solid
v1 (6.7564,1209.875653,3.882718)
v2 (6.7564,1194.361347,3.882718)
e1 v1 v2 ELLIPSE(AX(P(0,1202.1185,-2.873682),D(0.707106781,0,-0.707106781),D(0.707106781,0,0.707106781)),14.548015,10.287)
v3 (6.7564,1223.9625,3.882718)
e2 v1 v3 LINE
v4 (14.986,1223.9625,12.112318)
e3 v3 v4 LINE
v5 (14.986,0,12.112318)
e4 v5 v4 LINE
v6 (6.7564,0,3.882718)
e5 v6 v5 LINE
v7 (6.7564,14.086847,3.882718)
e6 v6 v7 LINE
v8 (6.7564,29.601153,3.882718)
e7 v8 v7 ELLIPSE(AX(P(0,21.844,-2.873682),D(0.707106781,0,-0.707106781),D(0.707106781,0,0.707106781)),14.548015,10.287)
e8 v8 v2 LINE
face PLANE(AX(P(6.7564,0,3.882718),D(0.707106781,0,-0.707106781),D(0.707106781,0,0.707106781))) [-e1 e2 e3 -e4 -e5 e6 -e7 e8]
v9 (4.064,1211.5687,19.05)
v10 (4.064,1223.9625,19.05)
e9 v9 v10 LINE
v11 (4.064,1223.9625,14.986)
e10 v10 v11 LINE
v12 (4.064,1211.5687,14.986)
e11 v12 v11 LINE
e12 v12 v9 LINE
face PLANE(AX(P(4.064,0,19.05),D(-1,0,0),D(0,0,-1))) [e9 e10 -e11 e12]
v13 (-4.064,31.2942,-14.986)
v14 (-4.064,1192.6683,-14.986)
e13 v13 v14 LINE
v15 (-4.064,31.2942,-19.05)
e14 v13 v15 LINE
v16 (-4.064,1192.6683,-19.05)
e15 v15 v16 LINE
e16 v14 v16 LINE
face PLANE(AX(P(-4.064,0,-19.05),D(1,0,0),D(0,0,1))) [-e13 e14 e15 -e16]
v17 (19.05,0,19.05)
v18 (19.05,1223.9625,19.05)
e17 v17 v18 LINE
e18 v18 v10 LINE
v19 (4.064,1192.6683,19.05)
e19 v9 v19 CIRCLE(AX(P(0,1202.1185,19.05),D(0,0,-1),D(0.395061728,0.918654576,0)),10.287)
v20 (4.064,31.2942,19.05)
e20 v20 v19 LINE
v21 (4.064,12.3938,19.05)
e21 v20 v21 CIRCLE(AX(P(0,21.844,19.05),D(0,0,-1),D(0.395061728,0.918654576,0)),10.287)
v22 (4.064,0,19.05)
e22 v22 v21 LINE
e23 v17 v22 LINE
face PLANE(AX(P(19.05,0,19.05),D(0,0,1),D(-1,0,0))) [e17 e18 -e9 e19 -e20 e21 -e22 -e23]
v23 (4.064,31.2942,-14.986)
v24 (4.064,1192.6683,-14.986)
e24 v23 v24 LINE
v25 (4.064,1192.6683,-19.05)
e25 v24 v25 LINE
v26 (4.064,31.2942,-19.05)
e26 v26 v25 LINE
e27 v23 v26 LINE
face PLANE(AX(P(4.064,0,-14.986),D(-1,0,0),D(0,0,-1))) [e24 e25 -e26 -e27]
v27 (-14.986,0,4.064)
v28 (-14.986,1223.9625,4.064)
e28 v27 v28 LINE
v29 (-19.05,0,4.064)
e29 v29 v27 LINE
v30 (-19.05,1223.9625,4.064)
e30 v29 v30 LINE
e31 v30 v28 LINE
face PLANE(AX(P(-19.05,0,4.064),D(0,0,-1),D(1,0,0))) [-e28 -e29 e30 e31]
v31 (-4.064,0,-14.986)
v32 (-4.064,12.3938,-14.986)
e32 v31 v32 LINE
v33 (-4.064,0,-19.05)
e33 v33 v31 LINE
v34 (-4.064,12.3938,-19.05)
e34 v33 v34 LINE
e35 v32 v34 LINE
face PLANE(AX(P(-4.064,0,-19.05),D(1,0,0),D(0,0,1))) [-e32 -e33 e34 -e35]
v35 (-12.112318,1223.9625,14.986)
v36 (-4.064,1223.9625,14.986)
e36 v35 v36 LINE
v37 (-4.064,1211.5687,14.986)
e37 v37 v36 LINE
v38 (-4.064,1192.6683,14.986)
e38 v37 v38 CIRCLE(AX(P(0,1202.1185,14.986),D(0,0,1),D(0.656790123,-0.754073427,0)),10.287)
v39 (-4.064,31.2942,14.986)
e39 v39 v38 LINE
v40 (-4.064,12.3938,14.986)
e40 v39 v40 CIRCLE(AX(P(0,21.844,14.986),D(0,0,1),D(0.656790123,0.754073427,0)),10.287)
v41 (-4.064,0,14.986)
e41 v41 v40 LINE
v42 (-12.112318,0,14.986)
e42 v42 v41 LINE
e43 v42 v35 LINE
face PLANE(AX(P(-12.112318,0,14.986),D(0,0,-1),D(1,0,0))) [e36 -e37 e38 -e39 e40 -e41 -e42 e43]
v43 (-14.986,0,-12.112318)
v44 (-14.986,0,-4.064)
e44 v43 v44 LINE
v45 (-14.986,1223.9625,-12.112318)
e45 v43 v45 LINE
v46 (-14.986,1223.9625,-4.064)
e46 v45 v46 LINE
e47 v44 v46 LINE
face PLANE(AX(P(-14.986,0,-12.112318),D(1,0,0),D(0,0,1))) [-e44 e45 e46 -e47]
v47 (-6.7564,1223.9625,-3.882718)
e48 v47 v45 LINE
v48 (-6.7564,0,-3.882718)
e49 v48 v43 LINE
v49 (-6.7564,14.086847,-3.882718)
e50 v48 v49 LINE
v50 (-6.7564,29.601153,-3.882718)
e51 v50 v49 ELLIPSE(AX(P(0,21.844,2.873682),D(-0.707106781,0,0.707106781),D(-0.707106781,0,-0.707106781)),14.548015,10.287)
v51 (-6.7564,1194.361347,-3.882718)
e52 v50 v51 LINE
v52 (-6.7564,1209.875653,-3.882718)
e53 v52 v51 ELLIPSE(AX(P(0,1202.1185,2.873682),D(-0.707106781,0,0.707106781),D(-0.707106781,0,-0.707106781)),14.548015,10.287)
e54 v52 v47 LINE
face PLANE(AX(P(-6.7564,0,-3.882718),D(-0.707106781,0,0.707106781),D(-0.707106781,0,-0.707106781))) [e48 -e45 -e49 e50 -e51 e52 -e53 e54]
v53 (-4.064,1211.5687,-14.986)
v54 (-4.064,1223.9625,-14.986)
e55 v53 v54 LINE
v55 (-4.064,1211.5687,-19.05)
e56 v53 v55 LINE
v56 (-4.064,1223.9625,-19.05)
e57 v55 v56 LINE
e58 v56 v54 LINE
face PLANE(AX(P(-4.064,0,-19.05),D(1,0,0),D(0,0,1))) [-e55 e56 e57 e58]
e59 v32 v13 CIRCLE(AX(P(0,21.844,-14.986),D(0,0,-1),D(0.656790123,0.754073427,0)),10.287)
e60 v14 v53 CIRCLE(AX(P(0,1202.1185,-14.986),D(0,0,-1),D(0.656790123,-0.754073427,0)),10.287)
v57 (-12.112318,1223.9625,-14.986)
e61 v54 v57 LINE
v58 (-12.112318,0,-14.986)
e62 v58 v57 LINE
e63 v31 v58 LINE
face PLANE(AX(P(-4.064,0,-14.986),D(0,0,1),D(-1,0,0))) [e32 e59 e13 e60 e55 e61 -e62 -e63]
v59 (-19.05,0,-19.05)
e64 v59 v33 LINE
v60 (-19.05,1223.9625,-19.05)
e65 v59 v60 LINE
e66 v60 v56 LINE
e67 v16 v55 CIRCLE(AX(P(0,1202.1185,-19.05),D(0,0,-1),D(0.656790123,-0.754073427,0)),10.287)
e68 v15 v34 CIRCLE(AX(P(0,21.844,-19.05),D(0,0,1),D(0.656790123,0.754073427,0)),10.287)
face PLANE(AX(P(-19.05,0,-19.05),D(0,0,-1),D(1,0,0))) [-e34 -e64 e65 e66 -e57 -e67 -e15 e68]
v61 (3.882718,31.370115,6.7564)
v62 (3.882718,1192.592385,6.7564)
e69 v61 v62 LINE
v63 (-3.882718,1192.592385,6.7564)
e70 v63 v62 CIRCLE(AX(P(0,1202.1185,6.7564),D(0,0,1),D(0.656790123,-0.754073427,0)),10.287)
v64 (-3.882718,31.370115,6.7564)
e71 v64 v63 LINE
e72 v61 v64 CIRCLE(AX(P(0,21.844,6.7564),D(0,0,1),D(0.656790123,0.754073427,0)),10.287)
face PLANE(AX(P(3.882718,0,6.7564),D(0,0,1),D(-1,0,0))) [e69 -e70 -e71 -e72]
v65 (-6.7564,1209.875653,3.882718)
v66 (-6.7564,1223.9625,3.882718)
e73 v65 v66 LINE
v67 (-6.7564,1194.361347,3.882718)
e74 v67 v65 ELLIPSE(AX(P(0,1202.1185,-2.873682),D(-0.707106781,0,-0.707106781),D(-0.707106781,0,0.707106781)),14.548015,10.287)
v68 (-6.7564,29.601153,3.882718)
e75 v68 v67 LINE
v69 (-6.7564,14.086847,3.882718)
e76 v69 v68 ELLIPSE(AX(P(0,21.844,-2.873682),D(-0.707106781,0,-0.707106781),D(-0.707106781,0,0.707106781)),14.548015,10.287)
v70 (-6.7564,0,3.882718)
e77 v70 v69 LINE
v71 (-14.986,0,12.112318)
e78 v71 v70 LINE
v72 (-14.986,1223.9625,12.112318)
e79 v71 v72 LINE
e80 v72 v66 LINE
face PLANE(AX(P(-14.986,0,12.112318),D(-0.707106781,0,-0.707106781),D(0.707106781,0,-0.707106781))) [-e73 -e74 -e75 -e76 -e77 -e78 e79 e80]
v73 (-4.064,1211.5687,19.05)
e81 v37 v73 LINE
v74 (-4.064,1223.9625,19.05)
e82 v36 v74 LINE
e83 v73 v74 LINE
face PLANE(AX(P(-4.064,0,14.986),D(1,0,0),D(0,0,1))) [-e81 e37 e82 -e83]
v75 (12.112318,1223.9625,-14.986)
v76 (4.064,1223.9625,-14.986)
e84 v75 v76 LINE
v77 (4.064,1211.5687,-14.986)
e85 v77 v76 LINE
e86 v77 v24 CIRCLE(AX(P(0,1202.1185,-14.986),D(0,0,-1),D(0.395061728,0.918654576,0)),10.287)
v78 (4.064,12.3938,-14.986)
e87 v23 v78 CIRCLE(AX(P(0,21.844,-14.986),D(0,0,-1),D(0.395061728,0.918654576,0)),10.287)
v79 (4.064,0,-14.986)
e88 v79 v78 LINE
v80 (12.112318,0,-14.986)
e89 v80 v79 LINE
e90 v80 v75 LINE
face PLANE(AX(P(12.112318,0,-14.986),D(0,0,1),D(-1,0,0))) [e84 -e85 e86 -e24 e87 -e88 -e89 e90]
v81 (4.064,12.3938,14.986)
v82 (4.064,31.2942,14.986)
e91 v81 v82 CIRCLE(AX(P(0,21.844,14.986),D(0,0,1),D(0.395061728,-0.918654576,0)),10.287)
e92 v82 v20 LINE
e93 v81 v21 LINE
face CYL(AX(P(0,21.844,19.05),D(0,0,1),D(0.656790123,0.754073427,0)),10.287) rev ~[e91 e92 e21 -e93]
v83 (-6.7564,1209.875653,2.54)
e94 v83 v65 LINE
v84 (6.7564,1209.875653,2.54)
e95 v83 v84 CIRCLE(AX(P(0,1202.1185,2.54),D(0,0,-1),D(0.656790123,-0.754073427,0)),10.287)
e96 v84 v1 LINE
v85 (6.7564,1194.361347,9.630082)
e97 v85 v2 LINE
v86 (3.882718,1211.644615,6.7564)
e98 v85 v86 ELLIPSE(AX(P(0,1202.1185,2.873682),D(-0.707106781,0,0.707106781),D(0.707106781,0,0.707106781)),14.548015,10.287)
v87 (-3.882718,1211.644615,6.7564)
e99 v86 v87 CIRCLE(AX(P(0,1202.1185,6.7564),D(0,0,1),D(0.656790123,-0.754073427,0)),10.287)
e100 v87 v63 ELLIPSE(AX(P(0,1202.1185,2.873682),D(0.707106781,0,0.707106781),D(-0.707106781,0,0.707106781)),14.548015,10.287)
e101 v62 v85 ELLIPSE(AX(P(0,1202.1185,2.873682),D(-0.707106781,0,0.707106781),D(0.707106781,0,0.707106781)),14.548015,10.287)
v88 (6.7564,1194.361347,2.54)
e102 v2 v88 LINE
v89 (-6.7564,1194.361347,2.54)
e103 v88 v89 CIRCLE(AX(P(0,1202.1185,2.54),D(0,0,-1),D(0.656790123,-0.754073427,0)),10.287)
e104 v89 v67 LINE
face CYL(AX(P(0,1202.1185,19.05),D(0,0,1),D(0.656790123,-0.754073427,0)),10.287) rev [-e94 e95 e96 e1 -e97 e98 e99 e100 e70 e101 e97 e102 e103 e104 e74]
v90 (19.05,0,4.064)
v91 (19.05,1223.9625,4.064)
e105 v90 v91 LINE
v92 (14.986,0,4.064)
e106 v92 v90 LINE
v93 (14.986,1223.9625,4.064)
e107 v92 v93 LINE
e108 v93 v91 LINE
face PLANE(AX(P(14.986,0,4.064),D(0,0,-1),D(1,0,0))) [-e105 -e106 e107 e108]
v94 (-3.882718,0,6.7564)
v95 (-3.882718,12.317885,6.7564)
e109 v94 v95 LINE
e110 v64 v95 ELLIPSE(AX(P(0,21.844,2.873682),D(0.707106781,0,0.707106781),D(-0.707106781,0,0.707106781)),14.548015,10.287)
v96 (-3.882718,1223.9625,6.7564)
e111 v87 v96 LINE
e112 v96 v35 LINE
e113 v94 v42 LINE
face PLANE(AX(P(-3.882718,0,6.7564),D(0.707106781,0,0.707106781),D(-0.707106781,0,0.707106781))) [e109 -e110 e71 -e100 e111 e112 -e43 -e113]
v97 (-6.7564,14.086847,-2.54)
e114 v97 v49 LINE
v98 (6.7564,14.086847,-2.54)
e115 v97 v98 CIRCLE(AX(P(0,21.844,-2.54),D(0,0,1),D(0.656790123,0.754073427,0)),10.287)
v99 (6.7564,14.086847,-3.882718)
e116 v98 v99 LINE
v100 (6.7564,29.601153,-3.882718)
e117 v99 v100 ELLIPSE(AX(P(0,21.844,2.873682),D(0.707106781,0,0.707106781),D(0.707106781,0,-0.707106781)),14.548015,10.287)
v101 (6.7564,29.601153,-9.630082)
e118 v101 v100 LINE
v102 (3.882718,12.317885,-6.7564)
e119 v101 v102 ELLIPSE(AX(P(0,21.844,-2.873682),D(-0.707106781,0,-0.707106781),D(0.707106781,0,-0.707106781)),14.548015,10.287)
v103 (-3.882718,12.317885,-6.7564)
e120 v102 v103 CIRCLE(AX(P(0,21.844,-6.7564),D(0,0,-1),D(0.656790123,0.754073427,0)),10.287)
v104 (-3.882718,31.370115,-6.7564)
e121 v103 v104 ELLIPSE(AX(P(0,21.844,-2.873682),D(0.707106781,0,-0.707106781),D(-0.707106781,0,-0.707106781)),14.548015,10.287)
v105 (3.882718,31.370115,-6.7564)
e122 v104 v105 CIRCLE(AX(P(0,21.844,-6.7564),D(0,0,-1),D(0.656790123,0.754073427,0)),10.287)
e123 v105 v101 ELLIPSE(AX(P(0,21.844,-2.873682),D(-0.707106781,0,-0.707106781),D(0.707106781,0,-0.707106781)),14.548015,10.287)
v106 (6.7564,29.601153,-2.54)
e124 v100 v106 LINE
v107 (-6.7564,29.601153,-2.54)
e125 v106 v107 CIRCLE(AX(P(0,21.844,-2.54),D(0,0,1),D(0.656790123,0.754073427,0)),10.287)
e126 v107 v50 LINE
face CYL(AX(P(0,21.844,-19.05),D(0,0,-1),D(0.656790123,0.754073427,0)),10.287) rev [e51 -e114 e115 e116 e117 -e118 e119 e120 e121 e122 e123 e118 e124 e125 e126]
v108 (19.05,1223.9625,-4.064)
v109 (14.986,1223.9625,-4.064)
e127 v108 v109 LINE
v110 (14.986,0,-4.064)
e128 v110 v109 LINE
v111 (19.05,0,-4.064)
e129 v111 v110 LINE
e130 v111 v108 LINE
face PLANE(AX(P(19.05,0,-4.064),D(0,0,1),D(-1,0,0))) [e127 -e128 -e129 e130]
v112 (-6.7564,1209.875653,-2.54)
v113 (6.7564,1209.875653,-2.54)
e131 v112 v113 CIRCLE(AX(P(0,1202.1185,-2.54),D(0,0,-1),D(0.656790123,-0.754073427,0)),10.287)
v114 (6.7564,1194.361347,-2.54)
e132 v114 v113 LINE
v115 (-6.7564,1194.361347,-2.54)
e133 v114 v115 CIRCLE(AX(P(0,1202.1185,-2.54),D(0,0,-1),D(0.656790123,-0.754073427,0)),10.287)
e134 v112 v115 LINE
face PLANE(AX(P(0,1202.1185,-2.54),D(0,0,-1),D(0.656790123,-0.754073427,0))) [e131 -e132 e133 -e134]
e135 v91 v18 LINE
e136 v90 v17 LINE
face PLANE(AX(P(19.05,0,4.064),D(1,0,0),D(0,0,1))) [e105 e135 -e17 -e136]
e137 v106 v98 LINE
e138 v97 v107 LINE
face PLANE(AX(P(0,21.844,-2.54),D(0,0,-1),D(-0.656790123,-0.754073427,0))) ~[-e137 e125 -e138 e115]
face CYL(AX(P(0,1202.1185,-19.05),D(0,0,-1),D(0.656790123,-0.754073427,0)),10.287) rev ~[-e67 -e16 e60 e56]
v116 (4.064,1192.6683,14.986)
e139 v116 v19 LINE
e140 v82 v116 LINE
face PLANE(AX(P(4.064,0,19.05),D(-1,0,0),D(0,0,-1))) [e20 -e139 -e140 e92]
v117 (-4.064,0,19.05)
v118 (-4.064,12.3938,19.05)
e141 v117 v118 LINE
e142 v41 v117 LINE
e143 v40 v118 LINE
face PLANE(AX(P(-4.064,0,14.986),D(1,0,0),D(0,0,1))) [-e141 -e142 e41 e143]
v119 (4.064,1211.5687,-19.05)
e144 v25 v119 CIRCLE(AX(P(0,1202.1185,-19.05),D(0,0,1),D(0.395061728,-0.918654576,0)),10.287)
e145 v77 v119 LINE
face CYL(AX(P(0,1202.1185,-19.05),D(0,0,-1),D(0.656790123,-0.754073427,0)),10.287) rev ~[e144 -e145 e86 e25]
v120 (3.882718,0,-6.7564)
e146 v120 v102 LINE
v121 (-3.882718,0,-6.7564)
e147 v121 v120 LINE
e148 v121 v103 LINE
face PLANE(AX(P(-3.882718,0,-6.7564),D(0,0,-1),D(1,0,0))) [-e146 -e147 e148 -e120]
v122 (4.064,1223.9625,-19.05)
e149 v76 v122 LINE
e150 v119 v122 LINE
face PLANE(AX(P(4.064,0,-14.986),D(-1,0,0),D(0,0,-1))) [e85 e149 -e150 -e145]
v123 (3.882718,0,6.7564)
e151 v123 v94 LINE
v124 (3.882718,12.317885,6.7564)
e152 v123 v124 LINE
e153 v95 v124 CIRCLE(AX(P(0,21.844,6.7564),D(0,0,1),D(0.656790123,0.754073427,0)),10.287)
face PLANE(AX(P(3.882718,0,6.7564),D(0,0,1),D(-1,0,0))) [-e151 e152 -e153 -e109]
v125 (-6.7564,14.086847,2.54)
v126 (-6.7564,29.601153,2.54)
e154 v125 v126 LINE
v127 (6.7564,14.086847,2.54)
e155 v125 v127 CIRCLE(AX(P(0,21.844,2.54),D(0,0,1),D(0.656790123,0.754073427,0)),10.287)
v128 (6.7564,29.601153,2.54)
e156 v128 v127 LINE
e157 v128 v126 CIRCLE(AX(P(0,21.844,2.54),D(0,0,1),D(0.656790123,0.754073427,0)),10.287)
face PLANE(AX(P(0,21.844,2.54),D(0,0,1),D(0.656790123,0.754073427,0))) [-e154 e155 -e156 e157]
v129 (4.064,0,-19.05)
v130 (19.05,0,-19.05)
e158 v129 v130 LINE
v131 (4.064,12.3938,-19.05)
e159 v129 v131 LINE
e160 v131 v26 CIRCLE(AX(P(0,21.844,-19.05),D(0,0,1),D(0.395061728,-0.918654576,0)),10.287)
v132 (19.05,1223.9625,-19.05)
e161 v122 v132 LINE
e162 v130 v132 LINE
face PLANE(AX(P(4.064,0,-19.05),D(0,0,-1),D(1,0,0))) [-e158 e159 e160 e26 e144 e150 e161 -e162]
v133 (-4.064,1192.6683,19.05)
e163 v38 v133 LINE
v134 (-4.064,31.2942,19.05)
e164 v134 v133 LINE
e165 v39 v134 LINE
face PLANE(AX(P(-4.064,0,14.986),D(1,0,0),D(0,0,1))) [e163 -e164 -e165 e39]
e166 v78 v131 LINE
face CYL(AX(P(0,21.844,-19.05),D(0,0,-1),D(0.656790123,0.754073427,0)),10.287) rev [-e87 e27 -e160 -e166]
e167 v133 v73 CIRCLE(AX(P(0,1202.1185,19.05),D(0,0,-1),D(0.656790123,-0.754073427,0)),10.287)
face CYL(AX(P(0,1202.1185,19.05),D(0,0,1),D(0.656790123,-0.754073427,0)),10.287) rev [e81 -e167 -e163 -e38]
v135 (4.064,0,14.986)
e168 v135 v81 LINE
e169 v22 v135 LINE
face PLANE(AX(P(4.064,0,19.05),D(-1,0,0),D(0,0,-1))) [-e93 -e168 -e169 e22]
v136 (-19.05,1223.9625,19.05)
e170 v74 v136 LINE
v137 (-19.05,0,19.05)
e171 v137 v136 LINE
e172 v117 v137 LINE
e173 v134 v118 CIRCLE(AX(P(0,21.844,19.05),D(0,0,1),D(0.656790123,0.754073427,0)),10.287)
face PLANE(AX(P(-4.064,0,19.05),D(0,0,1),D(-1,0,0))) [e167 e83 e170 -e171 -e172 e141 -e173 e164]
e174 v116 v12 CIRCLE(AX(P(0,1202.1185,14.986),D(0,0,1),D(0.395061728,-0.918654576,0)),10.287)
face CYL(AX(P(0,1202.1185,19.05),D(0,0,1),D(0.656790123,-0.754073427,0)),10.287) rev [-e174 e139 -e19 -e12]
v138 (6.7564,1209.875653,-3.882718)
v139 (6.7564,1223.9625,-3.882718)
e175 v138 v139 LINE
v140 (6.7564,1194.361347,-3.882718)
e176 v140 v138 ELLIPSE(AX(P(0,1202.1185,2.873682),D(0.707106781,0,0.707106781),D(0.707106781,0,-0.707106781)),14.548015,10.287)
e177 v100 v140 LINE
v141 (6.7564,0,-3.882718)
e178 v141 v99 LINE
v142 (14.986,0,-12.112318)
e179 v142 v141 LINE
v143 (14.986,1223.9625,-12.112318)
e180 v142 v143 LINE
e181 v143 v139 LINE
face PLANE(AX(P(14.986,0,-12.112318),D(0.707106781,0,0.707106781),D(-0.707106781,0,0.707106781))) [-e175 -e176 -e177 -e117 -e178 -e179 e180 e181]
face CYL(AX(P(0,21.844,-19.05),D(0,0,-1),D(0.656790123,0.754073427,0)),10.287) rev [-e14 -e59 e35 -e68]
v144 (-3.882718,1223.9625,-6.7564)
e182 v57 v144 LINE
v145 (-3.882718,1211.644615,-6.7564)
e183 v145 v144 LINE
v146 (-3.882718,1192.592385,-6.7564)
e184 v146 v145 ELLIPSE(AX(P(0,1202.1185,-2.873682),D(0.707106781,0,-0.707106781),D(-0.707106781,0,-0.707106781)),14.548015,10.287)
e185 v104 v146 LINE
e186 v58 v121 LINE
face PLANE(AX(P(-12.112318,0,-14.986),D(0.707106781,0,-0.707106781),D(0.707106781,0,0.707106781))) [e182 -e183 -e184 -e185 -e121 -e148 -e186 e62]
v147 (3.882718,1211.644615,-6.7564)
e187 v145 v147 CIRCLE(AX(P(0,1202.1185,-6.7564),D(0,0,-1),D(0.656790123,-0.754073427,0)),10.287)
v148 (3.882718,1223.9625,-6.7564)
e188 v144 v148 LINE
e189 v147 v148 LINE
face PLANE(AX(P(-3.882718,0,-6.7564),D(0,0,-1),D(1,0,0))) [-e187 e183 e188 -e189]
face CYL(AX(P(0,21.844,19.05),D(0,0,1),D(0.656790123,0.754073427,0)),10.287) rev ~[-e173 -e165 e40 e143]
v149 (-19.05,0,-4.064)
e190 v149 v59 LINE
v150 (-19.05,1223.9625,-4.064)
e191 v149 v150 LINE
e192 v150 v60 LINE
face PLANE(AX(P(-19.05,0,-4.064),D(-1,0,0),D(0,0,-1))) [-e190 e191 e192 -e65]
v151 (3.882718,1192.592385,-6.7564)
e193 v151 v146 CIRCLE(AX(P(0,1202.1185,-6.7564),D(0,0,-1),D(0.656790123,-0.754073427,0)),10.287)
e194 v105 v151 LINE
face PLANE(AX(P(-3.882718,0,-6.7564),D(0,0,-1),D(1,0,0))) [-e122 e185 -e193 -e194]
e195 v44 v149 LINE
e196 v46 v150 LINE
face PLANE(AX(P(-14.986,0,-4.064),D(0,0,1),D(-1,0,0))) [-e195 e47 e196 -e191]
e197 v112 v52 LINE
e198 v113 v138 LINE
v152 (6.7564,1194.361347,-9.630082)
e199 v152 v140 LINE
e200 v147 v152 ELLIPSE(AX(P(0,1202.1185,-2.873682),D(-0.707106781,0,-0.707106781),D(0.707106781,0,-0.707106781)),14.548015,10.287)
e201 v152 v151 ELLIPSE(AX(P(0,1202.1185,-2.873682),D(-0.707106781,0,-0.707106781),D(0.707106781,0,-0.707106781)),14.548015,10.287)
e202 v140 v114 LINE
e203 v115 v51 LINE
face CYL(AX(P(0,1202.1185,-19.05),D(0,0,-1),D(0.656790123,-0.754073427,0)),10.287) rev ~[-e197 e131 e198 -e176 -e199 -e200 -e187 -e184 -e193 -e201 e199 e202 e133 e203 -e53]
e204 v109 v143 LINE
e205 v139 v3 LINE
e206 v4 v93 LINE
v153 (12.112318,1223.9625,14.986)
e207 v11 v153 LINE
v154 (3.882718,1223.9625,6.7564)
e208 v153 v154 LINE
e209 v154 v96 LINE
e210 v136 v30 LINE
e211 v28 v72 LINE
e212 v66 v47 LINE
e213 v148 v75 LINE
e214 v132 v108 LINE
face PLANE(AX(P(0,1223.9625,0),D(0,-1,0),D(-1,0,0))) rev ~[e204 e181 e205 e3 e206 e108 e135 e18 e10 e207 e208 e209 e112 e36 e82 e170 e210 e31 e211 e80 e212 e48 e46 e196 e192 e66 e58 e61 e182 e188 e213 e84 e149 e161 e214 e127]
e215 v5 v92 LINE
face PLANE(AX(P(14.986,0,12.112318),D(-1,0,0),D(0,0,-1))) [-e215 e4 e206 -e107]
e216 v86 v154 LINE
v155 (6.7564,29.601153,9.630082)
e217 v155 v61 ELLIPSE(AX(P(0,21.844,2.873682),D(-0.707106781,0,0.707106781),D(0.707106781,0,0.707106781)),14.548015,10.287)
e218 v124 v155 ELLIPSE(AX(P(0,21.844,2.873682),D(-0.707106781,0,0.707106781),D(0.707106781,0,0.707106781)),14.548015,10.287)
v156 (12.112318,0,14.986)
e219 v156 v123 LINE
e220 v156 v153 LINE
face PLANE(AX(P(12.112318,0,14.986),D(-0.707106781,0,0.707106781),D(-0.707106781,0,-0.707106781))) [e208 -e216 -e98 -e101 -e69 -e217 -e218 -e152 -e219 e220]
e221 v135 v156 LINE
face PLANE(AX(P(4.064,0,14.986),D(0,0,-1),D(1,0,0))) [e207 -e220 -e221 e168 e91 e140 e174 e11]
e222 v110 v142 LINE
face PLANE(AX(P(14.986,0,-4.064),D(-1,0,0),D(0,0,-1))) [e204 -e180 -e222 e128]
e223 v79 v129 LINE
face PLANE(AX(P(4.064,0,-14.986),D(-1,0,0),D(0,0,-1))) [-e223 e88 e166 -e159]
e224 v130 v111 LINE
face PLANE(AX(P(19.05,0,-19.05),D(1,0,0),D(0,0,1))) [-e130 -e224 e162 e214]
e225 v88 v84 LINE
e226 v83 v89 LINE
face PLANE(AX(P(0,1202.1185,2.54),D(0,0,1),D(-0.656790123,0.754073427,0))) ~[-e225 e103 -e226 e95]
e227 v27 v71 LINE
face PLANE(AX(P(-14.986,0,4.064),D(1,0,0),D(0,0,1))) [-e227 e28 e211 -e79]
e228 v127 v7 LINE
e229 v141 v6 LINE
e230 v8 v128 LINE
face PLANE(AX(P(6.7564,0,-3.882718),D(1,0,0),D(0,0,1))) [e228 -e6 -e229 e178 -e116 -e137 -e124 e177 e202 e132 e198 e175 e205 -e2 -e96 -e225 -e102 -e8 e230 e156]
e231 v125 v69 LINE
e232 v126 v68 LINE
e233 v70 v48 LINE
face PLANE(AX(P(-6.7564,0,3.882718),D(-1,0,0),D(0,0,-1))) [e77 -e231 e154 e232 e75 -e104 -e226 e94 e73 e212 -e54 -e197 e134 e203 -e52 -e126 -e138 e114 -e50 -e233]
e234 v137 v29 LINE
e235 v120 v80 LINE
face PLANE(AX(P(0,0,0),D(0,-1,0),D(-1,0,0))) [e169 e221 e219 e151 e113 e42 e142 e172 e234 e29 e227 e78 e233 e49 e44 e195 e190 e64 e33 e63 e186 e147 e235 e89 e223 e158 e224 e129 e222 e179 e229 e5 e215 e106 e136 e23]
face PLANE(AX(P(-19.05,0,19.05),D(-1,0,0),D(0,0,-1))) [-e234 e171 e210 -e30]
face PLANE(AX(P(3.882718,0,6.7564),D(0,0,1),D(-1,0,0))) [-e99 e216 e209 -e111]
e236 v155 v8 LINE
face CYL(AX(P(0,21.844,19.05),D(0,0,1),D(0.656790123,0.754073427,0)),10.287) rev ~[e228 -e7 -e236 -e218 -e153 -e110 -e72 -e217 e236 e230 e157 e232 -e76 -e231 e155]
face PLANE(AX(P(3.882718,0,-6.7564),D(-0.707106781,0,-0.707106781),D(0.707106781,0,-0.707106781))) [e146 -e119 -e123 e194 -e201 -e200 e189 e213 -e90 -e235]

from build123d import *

# Parameters (mm, degrees)
BOSS_EXTRUDE1_DEPTH     = 1223.9625
SKETCH3_R               = 10.287
CUT_EXTRUDE1_DEPTH      = 16.51
MIRROR2_COPY_1_SKETCH_R = 10.287
MIRROR2_COPY_1_DEPTH    = 16.51


with BuildPart() as part:
    # Sketch2 → Boss-Extrude1 (new body)
    with BuildSketch(Plane(origin=(0.594697292, 0, 0.594697292), x_dir=(1, 0, 0), z_dir=(0, 1, 0))):
        Polygon((-19.644697292, 19.644697292), (-4.658697292, 19.644697292), (-4.658697292, 15.580697292), (-12.707015333, 15.580697292), (-4.477415333, 7.351097292), (3.288020749, 7.351097292), (11.517620749, 15.580697292), (3.469302708, 15.580697292), (3.469302708, 19.644697292), (18.455302708, 19.644697292), (18.455302708, 4.658697292), (14.391302708, 4.658697292), (14.391302708, 12.707015333), (6.161702708, 4.477415333), (6.161702708, -3.288020749), (14.391302708, -11.517620749), (14.391302708, -3.469302708), (18.455302708, -3.469302708), (18.455302708, -18.455302708), (3.469302708, -18.455302708), (3.469302708, -14.391302708), (11.517620749, -14.391302708), (3.288020749, -6.161702708), (-4.477415333, -6.161702708), (-12.707015333, -14.391302708), (-4.658697292, -14.391302708), (-4.658697292, -18.455302708), (-19.644697292, -18.455302708), (-19.644697292, -3.469302708), (-15.580697292, -3.469302708), (-15.580697292, -11.517620749), (-7.351097292, -3.288020749), (-7.351097292, 4.477415333), (-15.580697292, 12.707015333), (-15.580697292, 4.658697292), (-19.644697292, 4.658697292), align=None)
    extrude(amount=BOSS_EXTRUDE1_DEPTH)

    # Sketch3 → Cut-Extrude1 (cut)
    with BuildSketch(Plane.XY.offset(19.05)):
        with Locations(Location((0, 21.844, 0), (0, 0, 48.944473627))):
            Circle(SKETCH3_R)
    cut_extrude1 = extrude(amount=-CUT_EXTRUDE1_DEPTH, mode=Mode.SUBTRACT)

    # Mirror1: Cut-Extrude1 across plane
    add(cut_extrude1.mirror(Plane.XY), mode=Mode.SUBTRACT)

    # Mirror2: Cut-Extrude1 across plane
    add(cut_extrude1.mirror(Plane.ZX.offset(611.98125)), mode=Mode.SUBTRACT)

    # Mirror2 copy 1 sketch → Mirror2 copy 1 (cut)
    with BuildSketch(Plane(origin=(0, 1223.9625, -19.05), x_dir=(1, 0, 0), z_dir=(0, 0, -1))):
        with Locations(Location((0, 21.844, 0), (0, 0, 48.944473627))):
            Circle(MIRROR2_COPY_1_SKETCH_R)
    extrude(amount=-MIRROR2_COPY_1_DEPTH, mode=Mode.SUBTRACT)


solid = part.part
